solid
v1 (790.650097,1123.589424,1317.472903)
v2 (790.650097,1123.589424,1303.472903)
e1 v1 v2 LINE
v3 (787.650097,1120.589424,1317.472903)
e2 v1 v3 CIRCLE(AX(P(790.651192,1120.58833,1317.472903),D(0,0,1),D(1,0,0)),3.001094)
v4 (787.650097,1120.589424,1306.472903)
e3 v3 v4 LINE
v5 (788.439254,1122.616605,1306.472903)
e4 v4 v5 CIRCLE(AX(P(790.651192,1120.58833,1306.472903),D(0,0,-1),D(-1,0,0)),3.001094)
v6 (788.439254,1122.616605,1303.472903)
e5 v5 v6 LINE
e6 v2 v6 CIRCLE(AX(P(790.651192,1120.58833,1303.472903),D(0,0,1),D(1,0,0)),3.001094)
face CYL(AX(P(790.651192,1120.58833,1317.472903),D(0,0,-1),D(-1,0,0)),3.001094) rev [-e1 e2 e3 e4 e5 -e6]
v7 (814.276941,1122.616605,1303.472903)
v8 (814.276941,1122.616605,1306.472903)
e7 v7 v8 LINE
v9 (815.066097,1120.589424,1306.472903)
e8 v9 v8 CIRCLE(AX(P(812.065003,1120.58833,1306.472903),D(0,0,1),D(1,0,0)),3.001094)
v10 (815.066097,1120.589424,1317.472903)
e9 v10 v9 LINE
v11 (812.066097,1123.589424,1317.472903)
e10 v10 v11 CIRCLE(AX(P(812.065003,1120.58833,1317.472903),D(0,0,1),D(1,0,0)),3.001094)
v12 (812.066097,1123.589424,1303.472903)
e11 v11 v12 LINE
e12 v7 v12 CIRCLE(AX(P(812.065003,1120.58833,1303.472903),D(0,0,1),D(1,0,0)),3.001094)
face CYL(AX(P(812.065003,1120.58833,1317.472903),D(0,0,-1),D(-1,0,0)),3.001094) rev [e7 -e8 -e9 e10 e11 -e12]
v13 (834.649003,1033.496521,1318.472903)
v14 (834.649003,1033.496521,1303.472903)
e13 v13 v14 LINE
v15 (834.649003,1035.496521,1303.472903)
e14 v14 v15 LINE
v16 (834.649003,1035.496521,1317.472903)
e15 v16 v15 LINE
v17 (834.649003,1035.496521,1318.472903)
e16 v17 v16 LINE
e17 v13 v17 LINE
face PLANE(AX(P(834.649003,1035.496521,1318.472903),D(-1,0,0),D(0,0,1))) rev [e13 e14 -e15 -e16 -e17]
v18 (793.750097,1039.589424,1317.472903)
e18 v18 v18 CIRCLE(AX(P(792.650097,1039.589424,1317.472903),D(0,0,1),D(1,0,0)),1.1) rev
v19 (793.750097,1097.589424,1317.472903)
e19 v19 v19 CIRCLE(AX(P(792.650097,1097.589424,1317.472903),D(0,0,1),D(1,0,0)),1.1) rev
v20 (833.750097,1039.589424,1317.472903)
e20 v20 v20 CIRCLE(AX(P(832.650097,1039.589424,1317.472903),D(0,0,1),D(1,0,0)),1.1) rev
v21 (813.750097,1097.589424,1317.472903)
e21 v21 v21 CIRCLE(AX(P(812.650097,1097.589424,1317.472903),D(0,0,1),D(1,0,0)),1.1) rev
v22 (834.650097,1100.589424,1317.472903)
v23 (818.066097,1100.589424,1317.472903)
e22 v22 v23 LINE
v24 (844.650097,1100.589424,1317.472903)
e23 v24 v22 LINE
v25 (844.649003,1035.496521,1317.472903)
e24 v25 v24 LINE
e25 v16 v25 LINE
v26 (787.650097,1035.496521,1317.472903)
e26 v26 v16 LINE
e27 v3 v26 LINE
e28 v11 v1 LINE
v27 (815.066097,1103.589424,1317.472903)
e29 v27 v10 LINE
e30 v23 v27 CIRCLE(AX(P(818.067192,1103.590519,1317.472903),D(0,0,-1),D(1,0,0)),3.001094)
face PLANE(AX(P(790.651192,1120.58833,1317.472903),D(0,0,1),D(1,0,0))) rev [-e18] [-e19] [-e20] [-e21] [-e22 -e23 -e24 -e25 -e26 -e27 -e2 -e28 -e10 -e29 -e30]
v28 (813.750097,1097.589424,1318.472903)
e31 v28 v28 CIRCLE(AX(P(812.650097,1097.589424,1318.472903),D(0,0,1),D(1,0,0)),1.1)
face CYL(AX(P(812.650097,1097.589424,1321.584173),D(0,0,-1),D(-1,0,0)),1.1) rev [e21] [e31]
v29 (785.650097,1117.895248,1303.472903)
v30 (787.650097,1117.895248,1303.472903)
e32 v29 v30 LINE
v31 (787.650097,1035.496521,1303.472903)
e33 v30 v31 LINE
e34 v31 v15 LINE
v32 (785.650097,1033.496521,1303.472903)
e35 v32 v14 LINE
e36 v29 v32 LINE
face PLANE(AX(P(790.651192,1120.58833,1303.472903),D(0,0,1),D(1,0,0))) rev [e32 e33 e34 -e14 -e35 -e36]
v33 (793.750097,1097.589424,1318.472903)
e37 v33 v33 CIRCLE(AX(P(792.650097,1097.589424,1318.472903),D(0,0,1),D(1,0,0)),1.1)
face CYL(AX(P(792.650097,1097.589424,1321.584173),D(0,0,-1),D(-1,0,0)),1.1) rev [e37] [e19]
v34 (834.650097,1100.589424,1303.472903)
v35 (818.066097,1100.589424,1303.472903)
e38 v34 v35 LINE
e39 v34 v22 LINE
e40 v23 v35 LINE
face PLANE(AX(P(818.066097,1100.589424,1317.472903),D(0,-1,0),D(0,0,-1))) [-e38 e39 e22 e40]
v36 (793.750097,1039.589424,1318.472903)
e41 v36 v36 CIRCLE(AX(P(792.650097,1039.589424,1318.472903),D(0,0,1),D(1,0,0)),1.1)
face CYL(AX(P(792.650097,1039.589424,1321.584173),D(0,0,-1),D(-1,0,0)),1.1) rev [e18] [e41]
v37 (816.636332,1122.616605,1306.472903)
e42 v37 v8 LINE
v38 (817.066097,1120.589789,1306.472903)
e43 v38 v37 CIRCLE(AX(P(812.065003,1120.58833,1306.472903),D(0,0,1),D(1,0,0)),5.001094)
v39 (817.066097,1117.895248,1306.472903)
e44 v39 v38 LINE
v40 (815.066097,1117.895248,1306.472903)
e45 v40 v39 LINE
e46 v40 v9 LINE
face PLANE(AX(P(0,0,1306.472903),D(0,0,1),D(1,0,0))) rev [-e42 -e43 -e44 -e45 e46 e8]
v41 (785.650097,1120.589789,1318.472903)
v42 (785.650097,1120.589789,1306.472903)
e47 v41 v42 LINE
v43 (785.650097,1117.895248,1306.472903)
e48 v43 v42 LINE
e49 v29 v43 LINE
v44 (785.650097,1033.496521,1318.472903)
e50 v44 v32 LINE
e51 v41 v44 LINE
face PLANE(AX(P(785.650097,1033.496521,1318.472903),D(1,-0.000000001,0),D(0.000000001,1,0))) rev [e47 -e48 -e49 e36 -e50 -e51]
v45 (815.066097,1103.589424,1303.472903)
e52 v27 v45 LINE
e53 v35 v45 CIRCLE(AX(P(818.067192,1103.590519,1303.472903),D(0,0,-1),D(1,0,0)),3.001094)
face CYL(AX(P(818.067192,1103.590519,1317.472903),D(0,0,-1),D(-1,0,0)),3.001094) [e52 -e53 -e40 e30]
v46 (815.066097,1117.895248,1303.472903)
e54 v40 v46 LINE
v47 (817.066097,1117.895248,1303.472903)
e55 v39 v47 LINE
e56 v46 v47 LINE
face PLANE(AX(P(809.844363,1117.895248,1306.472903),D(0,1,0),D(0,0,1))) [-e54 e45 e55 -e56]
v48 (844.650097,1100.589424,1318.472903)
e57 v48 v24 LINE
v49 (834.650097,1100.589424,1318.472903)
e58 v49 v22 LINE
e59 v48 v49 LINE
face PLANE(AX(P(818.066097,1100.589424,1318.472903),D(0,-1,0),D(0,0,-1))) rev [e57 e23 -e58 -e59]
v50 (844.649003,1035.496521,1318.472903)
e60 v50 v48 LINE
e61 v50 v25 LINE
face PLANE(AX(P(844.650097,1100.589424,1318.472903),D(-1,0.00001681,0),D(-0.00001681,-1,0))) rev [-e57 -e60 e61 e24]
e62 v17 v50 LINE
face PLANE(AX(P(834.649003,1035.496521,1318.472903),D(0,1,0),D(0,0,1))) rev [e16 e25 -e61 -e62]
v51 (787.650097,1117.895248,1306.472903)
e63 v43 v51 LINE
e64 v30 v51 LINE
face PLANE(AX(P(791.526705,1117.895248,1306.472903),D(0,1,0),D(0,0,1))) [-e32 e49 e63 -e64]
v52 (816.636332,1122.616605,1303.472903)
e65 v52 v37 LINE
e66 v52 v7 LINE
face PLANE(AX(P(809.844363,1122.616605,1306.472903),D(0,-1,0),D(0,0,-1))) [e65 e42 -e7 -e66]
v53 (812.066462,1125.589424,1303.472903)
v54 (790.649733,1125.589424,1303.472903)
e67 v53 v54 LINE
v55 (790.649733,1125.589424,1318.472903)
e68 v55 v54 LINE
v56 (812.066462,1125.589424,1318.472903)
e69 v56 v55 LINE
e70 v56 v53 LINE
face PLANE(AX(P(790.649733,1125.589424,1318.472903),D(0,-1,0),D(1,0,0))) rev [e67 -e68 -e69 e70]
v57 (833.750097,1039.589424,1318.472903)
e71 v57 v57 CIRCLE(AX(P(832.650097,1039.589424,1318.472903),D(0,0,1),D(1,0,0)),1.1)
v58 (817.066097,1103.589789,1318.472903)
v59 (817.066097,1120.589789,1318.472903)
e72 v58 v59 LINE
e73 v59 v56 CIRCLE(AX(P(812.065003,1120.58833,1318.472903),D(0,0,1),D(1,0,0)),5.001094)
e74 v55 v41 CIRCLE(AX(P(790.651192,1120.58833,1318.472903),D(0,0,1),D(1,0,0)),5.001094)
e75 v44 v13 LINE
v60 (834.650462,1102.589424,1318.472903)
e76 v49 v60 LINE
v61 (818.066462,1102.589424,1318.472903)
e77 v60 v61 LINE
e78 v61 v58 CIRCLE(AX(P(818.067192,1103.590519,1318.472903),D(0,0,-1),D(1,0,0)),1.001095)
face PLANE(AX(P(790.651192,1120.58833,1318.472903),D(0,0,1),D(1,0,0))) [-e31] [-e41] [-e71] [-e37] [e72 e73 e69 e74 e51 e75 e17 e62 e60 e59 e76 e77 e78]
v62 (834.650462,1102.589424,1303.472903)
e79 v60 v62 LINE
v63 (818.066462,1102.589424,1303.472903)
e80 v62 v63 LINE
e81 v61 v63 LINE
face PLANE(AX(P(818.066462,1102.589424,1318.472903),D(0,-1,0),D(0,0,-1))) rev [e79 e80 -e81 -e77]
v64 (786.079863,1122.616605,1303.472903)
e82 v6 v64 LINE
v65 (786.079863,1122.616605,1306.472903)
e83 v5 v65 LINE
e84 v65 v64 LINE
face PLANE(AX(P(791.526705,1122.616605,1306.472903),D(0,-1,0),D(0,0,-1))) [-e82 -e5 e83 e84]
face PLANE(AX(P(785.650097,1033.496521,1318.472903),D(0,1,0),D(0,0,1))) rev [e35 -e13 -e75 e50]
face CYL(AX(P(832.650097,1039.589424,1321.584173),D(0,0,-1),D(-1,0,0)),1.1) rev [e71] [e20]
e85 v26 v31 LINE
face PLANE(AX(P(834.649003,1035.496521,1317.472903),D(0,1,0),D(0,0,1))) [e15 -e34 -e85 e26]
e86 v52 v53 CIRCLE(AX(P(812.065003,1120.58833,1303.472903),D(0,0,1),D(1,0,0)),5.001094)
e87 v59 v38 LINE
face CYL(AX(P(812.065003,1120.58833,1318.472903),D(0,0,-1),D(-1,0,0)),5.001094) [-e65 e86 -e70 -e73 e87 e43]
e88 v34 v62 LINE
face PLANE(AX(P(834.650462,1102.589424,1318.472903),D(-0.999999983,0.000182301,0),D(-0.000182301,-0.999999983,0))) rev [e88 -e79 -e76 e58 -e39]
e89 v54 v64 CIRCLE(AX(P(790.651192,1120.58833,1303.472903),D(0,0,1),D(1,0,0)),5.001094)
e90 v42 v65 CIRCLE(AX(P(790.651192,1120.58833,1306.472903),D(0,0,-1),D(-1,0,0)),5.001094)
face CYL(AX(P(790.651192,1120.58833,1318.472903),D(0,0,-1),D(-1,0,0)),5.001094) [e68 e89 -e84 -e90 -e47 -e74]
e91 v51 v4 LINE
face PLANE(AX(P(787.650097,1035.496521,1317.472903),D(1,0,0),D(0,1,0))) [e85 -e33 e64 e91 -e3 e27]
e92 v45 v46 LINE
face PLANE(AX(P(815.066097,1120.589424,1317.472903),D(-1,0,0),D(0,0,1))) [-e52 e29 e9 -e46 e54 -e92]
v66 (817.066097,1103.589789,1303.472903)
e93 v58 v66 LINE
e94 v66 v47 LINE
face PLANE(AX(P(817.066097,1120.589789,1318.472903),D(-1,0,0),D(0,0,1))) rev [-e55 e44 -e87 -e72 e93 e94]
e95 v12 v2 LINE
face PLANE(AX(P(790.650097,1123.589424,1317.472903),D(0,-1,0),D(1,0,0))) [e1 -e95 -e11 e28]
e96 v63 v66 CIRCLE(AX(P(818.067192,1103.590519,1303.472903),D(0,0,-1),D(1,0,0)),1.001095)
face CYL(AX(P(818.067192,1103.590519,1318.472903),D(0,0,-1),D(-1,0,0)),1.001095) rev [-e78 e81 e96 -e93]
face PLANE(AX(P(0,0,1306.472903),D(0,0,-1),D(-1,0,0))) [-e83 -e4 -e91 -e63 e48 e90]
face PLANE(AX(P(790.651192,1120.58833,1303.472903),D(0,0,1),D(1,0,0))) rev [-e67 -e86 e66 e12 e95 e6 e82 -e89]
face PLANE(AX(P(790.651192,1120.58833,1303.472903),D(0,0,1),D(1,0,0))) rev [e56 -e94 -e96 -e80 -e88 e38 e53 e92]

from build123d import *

# Parameters (mm, degrees)
BOSS_EXTRUDE1_DEPTH = 15
BOSS_EXTRUDE2_DEPTH = 15
CUT_EXTRUDE1_DEPTH  = 14
SKETCH8_W           = 6.699223296
SKETCH8_H           = 4.721357371
SKETCH8_W_2         = 8.228893272
CUT_EXTRUDE7_DEPTH  = 3
SKETCH10_R          = 1.1
CUT_EXTRUDE9_DEPTH  = 15


with BuildPart() as part:
    # Sketch3 → Boss-Extrude1 (new body)
    with BuildSketch(Plane.XY.offset(1303.472903018)):
        with BuildLine():
            Line((787.650097371, 1035.49652121), (787.650097371, 1120.589424436))
            ThreePointArc((787.650097371, 1120.589424436), (788.529097371, 1122.710424436), (790.650097371, 1123.589424436))
            Line((790.650097371, 1123.589424436), (812.066097371, 1123.589424436))
            ThreePointArc((812.066097371, 1123.589424436), (814.187097371, 1122.710424436), (815.066097371, 1120.589424436))
            Line((815.066097371, 1120.589424436), (815.066097371, 1103.589424436))
            ThreePointArc((815.066097371, 1103.589424436), (815.945097371, 1101.468424436), (818.066097371, 1100.589424436))
            Line((818.066097371, 1100.589424436), (834.650097371, 1100.589424436))
            Line((834.650097371, 1100.589424436), (834.650461973, 1102.58942437))
            Line((834.650461973, 1102.58942437), (818.066461973, 1102.58942437))
            ThreePointArc((818.066461973, 1102.58942437), (817.35931084, 1102.882637905), (817.066097305, 1103.589789038))
            Line((817.066097305, 1103.589789038), (817.066097305, 1120.589789038))
            ThreePointArc((817.066097305, 1120.589789038), (815.601310896, 1124.124637961), (812.066461973, 1125.58942437))
            Line((812.066461973, 1125.58942437), (790.64973277, 1125.58942437))
            ThreePointArc((790.64973277, 1125.58942437), (787.114883847, 1124.124637961), (785.650097438, 1120.589789038))
            Line((785.650097438, 1120.589789038), (785.650097371, 1033.49652121))
            Line((785.650097371, 1033.49652121), (834.649003168, 1033.49652121))
            Line((834.649003168, 1033.49652121), (834.649003168, 1035.49652121))
            Line((834.649003168, 1035.49652121), (787.650097371, 1035.49652121))
        make_face()
    extrude(amount=BOSS_EXTRUDE1_DEPTH)

    # Sketch6 → Boss-Extrude2 (add)
    with BuildSketch(Plane.XY.offset(1303.472903018)):
        with BuildLine():
            Line((787.650097371, 1035.49652121), (834.649003168, 1035.49652121))
            Line((834.649003168, 1035.49652121), (844.649003168, 1035.49652121))
            Line((844.649003168, 1035.49652121), (844.650097371, 1100.589424436))
            Line((844.650097371, 1100.589424436), (834.650097371, 1100.589424436))
            Line((834.650097371, 1100.589424436), (818.066097371, 1100.589424436))
            ThreePointArc((818.066097371, 1100.589424436), (815.945097371, 1101.468424436), (815.066097371, 1103.589424436))
            Line((815.066097371, 1103.589424436), (815.066097371, 1120.589424436))
            ThreePointArc((815.066097371, 1120.589424436), (814.187097371, 1122.710424436), (812.066097371, 1123.589424436))
            Line((812.066097371, 1123.589424436), (790.650097371, 1123.589424436))
            ThreePointArc((790.650097371, 1123.589424436), (788.529097371, 1122.710424436), (787.650097371, 1120.589424436))
            Line((787.650097371, 1120.589424436), (787.650097371, 1035.49652121))
        make_face()
    extrude(amount=BOSS_EXTRUDE2_DEPTH)

    # Sketch6<2> → Cut-Extrude1 (cut)
    with BuildSketch(Plane.XY.offset(1303.472903018)):
        with BuildLine():
            Line((787.650097371, 1035.49652121), (834.649003168, 1035.49652121))
            Line((834.649003168, 1035.49652121), (844.649003168, 1035.49652121))
            Line((844.649003168, 1035.49652121), (844.650097371, 1100.589424436))
            Line((844.650097371, 1100.589424436), (834.650097371, 1100.589424436))
            Line((834.650097371, 1100.589424436), (818.066097371, 1100.589424436))
            ThreePointArc((818.066097371, 1100.589424436), (815.945097371, 1101.468424436), (815.066097371, 1103.589424436))
            Line((815.066097371, 1103.589424436), (815.066097371, 1120.589424436))
            ThreePointArc((815.066097371, 1120.589424436), (814.187097371, 1122.710424436), (812.066097371, 1123.589424436))
            Line((812.066097371, 1123.589424436), (790.650097371, 1123.589424436))
            ThreePointArc((790.650097371, 1123.589424436), (788.529097371, 1122.710424436), (787.650097371, 1120.589424436))
            Line((787.650097371, 1120.589424436), (787.650097371, 1035.49652121))
        make_face()
    extrude(amount=CUT_EXTRUDE1_DEPTH, mode=Mode.SUBTRACT)

    # Sketch8 → Cut-Extrude7 (cut)
    with BuildSketch(Plane.XY.offset(1303.472903018)):
        with Locations((788.177093813, 1120.255926572)):
            Rectangle(SKETCH8_W, SKETCH8_H)
        with Locations((813.958809837, 1120.255926572)):
            Rectangle(SKETCH8_W_2, SKETCH8_H)
    extrude(amount=CUT_EXTRUDE7_DEPTH, mode=Mode.SUBTRACT)

    # Sketch10 → Cut-Extrude9 (cut)
    with BuildSketch(Plane.XY.offset(1303.472903018)):
        with Locations((832.650097371, 1039.589424436)):
            Circle(SKETCH10_R)
        with Locations((792.650097371, 1039.589424436)):
            Circle(SKETCH10_R)
        with Locations((792.650097371, 1097.589424436)):
            Circle(SKETCH10_R)
        with Locations((812.650097371, 1097.589424436)):
            Circle(SKETCH10_R)
    extrude(amount=CUT_EXTRUDE9_DEPTH, mode=Mode.SUBTRACT)


solid = part.part
